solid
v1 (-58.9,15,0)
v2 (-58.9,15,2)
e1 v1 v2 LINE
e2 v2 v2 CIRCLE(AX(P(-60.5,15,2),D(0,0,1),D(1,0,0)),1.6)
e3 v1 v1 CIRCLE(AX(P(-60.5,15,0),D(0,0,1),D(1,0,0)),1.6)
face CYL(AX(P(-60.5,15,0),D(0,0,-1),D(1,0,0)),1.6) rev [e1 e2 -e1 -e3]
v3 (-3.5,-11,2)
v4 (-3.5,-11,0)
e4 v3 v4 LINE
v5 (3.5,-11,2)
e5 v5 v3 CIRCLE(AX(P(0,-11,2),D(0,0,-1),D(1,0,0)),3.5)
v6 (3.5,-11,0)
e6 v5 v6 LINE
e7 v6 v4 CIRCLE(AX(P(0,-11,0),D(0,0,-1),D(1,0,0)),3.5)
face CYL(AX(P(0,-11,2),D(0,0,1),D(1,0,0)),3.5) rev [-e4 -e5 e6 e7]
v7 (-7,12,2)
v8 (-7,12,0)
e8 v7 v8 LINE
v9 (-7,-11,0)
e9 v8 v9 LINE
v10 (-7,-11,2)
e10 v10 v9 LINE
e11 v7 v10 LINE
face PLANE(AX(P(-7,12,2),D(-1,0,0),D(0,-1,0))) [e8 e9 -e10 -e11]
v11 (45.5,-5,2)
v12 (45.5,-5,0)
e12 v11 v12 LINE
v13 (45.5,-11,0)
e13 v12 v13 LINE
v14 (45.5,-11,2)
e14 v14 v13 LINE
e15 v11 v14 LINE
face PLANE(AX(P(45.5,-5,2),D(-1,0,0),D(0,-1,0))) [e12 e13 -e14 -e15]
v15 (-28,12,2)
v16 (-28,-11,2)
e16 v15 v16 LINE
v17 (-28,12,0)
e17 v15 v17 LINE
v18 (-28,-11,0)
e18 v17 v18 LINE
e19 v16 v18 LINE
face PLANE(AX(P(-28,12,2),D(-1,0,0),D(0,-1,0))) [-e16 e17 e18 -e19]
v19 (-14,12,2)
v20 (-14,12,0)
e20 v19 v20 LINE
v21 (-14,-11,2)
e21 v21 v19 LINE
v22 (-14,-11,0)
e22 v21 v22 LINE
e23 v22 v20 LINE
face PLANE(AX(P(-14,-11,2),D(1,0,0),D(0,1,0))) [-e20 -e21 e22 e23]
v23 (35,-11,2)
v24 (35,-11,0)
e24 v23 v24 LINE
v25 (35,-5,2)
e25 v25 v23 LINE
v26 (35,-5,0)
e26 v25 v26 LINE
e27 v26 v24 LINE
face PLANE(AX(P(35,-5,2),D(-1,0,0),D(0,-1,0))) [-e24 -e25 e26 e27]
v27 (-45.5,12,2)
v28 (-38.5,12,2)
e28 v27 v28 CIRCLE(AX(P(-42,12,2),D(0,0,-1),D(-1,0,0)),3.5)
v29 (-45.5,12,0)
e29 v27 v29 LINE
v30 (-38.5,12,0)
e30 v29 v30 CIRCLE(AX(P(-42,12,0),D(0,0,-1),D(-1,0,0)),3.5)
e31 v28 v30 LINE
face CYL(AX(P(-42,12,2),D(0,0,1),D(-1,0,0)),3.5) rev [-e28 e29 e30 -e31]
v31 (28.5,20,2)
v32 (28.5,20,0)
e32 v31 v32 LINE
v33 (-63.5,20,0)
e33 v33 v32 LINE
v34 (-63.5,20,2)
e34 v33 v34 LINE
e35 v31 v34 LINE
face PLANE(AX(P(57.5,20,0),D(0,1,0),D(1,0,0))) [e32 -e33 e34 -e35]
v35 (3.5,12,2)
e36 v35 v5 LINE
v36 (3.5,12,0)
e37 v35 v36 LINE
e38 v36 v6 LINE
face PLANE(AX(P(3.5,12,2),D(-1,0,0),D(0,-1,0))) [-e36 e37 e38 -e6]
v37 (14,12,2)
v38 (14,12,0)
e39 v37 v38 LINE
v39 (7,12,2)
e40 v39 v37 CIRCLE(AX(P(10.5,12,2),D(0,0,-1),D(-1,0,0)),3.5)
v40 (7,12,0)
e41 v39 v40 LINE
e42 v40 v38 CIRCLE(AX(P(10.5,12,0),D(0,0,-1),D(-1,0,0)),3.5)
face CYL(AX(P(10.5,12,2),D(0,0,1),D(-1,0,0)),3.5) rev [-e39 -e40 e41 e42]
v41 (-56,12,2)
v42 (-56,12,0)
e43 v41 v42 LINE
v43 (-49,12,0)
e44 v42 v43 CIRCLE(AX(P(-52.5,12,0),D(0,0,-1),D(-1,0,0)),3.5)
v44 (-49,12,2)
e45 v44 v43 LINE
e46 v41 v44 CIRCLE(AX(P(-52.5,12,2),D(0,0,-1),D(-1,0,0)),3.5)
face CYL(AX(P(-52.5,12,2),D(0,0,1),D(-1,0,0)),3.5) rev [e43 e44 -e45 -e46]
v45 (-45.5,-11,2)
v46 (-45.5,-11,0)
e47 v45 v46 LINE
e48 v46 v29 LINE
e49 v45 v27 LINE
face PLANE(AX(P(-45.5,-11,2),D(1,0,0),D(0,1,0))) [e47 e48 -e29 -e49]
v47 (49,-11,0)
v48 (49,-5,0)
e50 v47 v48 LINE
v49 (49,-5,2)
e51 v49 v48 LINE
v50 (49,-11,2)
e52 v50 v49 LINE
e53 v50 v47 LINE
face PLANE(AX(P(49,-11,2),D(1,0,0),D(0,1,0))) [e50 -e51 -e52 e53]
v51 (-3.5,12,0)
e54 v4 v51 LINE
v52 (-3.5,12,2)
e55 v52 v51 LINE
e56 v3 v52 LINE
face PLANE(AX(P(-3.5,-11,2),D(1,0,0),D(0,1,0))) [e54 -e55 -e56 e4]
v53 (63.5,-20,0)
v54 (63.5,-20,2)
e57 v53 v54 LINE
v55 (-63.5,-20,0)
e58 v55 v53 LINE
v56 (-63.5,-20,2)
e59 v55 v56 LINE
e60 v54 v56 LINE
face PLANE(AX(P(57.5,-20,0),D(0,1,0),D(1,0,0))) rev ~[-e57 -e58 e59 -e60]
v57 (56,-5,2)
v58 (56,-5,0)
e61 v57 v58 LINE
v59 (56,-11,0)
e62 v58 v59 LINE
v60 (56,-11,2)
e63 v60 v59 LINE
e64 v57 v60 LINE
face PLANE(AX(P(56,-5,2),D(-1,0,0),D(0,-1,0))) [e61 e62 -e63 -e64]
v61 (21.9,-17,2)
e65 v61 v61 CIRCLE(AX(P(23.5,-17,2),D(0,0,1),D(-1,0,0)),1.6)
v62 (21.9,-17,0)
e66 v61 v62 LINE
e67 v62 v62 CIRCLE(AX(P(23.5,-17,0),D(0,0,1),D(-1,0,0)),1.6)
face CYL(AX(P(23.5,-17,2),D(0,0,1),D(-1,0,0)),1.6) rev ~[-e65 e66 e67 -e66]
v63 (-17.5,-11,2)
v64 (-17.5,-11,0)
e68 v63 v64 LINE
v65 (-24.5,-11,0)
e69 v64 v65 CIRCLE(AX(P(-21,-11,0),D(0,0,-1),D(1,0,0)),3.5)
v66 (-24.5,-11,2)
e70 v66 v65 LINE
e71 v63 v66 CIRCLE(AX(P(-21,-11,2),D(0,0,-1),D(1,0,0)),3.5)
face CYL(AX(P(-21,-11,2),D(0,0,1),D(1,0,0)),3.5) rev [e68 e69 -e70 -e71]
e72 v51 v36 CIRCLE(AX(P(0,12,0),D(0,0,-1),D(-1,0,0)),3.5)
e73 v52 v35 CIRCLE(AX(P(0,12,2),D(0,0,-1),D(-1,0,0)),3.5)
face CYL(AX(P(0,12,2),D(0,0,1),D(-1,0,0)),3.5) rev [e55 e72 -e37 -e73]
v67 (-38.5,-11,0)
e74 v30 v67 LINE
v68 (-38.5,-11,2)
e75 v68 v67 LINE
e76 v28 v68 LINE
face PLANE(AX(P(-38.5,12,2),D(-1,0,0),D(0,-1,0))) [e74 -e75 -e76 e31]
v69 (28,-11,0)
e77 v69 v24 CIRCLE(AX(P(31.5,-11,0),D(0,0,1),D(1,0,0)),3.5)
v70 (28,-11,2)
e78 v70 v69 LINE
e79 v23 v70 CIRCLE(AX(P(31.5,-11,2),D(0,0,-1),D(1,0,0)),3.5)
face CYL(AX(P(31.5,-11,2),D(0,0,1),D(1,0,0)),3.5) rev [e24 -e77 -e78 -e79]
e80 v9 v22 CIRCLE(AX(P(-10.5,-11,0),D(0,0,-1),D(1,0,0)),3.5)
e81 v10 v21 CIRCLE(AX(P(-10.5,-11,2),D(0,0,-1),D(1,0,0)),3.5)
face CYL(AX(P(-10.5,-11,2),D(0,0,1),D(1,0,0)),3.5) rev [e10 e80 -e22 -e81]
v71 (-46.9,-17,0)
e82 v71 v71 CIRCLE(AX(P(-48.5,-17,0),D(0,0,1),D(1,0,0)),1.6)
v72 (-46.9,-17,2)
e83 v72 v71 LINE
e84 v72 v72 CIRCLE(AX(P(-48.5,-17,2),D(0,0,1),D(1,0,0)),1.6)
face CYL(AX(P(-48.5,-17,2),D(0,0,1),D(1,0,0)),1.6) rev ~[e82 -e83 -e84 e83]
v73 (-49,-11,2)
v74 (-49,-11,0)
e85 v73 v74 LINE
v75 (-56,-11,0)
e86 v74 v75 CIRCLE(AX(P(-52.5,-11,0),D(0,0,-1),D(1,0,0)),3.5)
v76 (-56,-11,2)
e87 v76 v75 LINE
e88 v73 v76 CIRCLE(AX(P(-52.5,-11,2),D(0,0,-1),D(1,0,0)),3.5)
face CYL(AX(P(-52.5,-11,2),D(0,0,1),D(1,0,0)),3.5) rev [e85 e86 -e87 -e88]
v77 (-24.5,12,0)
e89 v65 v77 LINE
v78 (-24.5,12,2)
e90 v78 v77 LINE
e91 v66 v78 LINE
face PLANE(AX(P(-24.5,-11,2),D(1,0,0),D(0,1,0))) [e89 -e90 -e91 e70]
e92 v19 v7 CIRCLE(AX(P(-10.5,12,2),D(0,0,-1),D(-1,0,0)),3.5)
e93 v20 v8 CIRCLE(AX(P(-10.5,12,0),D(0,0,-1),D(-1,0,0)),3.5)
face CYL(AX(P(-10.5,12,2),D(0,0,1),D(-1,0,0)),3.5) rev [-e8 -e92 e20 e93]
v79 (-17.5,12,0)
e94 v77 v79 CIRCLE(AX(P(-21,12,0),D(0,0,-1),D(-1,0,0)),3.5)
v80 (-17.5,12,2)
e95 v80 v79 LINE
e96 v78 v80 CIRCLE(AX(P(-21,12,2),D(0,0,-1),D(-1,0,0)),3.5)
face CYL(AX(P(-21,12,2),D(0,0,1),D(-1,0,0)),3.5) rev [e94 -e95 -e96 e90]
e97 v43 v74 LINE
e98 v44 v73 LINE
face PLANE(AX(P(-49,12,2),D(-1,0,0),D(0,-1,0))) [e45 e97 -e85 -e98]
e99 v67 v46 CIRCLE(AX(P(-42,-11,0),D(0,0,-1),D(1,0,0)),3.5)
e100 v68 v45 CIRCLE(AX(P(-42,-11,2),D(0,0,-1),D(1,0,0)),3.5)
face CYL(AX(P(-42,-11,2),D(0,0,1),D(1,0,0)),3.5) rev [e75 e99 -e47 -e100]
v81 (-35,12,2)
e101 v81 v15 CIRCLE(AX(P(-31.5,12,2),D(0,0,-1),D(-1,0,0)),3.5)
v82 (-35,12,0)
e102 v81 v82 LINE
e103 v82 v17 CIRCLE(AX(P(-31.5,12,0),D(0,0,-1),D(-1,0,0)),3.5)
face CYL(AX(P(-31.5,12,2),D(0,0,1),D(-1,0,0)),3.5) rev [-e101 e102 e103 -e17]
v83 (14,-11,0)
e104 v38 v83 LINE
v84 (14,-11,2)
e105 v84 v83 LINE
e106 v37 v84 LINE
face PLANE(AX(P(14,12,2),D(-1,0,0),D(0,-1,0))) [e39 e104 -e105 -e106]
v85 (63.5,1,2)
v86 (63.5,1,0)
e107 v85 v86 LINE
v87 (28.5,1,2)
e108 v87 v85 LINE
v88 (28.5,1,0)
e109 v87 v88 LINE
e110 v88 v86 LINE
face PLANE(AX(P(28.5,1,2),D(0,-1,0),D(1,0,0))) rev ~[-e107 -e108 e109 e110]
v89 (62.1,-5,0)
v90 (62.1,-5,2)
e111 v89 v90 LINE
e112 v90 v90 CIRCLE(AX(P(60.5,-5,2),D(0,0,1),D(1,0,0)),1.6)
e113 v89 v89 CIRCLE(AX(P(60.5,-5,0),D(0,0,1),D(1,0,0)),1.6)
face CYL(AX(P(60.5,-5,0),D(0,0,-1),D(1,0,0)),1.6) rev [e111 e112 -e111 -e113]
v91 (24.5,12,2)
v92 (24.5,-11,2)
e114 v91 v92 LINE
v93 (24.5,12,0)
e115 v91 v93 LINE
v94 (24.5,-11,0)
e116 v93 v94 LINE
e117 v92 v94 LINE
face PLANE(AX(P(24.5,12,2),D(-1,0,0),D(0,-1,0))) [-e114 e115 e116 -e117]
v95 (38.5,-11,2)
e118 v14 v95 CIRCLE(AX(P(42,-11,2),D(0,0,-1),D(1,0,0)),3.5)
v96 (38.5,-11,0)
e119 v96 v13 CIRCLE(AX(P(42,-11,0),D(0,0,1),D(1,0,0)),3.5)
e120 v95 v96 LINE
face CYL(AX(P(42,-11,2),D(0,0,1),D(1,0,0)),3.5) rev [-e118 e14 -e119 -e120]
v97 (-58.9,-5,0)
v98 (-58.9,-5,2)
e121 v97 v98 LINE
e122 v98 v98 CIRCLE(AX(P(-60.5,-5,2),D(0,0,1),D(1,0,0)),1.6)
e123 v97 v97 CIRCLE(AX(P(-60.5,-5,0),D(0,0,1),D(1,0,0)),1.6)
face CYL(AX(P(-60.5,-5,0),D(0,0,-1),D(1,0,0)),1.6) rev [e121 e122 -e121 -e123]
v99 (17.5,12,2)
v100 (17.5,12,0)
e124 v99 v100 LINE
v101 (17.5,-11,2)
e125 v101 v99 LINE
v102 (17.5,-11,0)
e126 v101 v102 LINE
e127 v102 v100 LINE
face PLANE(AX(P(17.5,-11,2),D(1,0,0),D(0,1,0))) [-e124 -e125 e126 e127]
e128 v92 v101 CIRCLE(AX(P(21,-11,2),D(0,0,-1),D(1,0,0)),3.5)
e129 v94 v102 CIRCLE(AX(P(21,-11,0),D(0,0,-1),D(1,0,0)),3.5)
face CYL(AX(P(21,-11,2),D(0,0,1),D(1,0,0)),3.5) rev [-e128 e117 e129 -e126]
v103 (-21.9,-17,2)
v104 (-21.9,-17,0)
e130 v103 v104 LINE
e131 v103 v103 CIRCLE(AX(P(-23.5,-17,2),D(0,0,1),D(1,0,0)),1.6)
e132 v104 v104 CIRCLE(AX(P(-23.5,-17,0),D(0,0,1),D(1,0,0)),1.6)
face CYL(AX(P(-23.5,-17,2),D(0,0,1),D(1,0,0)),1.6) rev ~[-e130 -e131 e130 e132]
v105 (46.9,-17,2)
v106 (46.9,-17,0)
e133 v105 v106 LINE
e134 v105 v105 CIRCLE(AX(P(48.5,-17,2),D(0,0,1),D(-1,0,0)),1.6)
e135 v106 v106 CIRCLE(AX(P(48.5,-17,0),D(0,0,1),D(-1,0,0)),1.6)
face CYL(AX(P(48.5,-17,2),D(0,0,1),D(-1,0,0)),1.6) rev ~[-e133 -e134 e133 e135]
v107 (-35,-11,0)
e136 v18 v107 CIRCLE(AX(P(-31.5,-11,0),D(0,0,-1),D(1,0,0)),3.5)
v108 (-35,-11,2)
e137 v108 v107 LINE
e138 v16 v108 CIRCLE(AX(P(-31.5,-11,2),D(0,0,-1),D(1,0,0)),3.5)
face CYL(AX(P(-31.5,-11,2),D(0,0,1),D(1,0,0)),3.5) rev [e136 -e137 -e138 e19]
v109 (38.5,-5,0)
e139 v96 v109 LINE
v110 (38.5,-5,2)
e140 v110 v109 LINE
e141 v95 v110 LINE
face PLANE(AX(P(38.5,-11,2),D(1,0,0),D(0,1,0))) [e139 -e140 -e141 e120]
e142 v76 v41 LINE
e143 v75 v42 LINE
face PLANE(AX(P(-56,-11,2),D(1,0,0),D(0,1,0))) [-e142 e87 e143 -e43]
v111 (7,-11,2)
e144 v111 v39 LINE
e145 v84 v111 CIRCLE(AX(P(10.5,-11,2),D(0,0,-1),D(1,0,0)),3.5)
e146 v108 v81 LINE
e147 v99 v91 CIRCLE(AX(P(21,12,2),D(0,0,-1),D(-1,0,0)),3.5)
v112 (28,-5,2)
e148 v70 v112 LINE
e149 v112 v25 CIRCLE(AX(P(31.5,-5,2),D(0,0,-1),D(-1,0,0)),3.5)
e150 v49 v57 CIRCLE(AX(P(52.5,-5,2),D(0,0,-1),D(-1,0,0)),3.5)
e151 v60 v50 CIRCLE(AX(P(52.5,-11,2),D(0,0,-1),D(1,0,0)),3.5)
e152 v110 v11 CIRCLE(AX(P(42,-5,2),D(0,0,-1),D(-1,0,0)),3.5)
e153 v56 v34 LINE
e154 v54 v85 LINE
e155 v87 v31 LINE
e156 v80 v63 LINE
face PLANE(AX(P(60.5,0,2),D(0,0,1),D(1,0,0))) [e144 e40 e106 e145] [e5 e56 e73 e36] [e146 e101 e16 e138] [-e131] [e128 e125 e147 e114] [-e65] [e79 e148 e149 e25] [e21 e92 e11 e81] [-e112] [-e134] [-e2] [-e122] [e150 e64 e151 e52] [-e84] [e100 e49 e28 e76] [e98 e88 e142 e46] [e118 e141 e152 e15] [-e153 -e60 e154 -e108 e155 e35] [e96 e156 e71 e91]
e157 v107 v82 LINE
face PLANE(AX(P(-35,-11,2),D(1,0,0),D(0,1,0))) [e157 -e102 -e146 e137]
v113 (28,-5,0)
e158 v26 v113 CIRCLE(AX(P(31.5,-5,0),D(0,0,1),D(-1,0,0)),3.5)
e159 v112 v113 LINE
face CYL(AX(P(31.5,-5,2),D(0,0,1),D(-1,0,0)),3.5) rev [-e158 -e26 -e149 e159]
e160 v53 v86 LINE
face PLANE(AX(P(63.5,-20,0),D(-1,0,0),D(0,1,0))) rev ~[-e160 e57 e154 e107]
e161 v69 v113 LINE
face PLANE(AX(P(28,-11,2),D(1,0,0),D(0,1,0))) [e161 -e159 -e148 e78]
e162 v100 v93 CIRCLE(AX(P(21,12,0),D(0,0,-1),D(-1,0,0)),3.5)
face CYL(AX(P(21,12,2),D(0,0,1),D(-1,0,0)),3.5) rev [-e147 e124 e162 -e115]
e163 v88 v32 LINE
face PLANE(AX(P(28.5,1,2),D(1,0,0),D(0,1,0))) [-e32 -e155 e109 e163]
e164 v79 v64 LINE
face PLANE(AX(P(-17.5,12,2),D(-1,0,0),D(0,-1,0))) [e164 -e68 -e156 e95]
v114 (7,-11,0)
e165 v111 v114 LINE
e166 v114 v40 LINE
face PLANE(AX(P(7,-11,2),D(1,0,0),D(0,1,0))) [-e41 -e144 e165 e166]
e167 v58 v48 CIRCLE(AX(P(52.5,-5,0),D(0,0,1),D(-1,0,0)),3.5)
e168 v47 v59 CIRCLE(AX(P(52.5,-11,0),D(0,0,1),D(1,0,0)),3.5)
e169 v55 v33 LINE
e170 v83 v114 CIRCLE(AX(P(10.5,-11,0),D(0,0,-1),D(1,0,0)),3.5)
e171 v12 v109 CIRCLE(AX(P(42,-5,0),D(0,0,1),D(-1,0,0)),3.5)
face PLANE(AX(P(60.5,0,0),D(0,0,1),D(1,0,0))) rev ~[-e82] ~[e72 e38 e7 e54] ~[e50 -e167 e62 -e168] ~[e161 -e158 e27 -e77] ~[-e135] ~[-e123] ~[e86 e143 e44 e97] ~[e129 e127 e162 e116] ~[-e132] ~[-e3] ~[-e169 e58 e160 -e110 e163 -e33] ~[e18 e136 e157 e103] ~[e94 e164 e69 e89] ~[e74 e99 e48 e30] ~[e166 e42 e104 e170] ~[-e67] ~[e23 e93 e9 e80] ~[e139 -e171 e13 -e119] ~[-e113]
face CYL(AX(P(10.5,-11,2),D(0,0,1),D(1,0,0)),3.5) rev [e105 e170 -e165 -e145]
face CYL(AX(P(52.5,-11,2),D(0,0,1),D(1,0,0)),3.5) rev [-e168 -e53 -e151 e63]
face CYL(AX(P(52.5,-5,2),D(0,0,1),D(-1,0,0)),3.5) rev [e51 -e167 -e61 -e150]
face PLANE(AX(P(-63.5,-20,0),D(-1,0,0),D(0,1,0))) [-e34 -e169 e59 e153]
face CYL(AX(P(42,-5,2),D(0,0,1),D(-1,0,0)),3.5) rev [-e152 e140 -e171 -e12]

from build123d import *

# Parameters (mm, degrees)
SKETCH_1_W          = 6
SKETCH_1_H          = 40
SKETCH_1_R          = 1.6
SKETCH_1_W_2        = 115
EXTRUDE_1_DEPTH     = 2
CUT_EXTRUDE_1_DEPTH = 2
SKETCH_3_R          = 1.6
CUT_EXTRUDE_2_DEPTH = 67.605179979
CUT_EXTRUDE_3_DEPTH = 67.605179979
CUT_EXTRUDE_4_DEPTH = 67.605179979
SKETCH_6_W          = 35
SKETCH_6_H          = 19
CUT_EXTRUDE_5_DEPTH = 67.605179979


with BuildPart() as part:
    # 草图1 → 凸台-拉伸1 (new body)
    # profile 1 of 3: a face of its own
    with BuildSketch(Plane.XY):
        with Locations((-60.5, 0)):
            Rectangle(SKETCH_1_W, SKETCH_1_H)
        with Locations((-60.5, -5)):
            Circle(SKETCH_1_R, mode=Mode.SUBTRACT)
        with Locations((-60.5, 15)):
            Circle(SKETCH_1_R, mode=Mode.SUBTRACT)
    # profile 2 of 3: a face of its own
    with BuildSketch(Plane.XY):
        Rectangle(SKETCH_1_W_2, SKETCH_1_H)
    # profile 3 of 3: a face of its own
    with BuildSketch(Plane.XY):
        with Locations((60.5, 0)):
            Rectangle(SKETCH_1_W, SKETCH_1_H)
        with Locations((60.5, -5)):
            Circle(SKETCH_1_R, mode=Mode.SUBTRACT)
        with Locations((60.5, 15)):
            Circle(SKETCH_1_R, mode=Mode.SUBTRACT)
    extrude(amount=EXTRUDE_1_DEPTH)

    # 草图2 → 切除-拉伸1 (cut)
    with BuildSketch(Plane.XY.offset(2)):
        with BuildLine():
            Line((3.5, 12), (3.5, -11))
            ThreePointArc((3.5, -11), (0, -14.5), (-3.5, -11))
            Line((-3.5, -11), (-3.5, 12))
            ThreePointArc((-3.5, 12), (0, 15.5), (3.5, 12))
        make_face()
        with BuildLine():
            Line((14, 12), (14, -11))
            ThreePointArc((14, -11), (10.5, -14.5), (7, -11))
            Line((7, -11), (7, 12))
            ThreePointArc((7, 12), (10.5, 15.5), (14, 12))
        make_face()
        with BuildLine():
            Line((24.5, 12), (24.5, -11))
            ThreePointArc((24.5, -11), (21, -14.5), (17.5, -11))
            Line((17.5, -11), (17.5, 12))
            ThreePointArc((17.5, 12), (21, 15.5), (24.5, 12))
        make_face()
        with BuildLine():
            Line((-7, 12), (-7, -11))
            ThreePointArc((-7, -11), (-10.5, -14.5), (-14, -11))
            Line((-14, -11), (-14, 12))
            ThreePointArc((-14, 12), (-10.5, 15.5), (-7, 12))
        make_face()
        with BuildLine():
            Line((-17.5, 12), (-17.5, -11))
            ThreePointArc((-17.5, -11), (-21, -14.5), (-24.5, -11))
            Line((-24.5, -11), (-24.5, 12))
            ThreePointArc((-24.5, 12), (-21, 15.5), (-17.5, 12))
        make_face()
        with BuildLine():
            Line((-28, 12), (-28, -11))
            ThreePointArc((-28, -11), (-31.5, -14.5), (-35, -11))
            Line((-35, -11), (-35, 12))
            ThreePointArc((-35, 12), (-31.5, 15.5), (-28, 12))
        make_face()
        with BuildLine():
            Line((-38.5, 12), (-38.5, -11))
            ThreePointArc((-38.5, -11), (-42, -14.5), (-45.5, -11))
            Line((-45.5, -11), (-45.5, 12))
            ThreePointArc((-45.5, 12), (-42, 15.5), (-38.5, 12))
        make_face()
        with BuildLine():
            Line((-49, 12), (-49, -11))
            ThreePointArc((-49, -11), (-52.5, -14.5), (-56, -11))
            Line((-56, -11), (-56, 12))
            ThreePointArc((-56, 12), (-52.5, 15.5), (-49, 12))
        make_face()
    extrude(amount=-CUT_EXTRUDE_1_DEPTH, mode=Mode.SUBTRACT)

    # 草图3 → 切除-拉伸2 (cut, through all)
    with BuildSketch(Plane.XY.offset(2)):
        with Locations((-48.5, -17)):
            Circle(SKETCH_3_R)
        with Locations((-23.5, -17)):
            Circle(SKETCH_3_R)
        with Locations(Location((23.5, -17, 0), (0, 0, 180))):
            Circle(SKETCH_3_R)
        with Locations(Location((48.5, -17, 0), (0, 0, 180))):
            Circle(SKETCH_3_R)
    extrude(amount=-CUT_EXTRUDE_2_DEPTH, mode=Mode.SUBTRACT)

    # 草图4 → 切除-拉伸3 (cut, through all)
    with BuildSketch(Plane.XY.offset(2)):
        with BuildLine():
            Line((63.5, 5.4), (33.5, 5.4))
            ThreePointArc((33.5, 5.4), (32.5, 4.4), (31.5, 5.4))
            Line((31.5, 5.4), (31.5, 11.4))
            ThreePointArc((31.5, 11.4), (32.5, 12.4), (33.5, 11.4))
            Line((33.5, 11.4), (63.5, 11.4))
            Line((63.5, 11.4), (63.5, 5.4))
        make_face()
    extrude(amount=-CUT_EXTRUDE_3_DEPTH, mode=Mode.SUBTRACT)

    # 草图5 → 切除-拉伸4 (cut, through all)
    with BuildSketch(Plane.XY.offset(2)):
        with BuildLine():
            Line((35, -5), (35, -11))
            ThreePointArc((35, -11), (31.5, -14.5), (28, -11))
            Line((28, -11), (28, -5))
            ThreePointArc((28, -5), (31.5, -1.5), (35, -5))
        make_face()
        with BuildLine():
            Line((45.5, -5), (45.5, -11))
            ThreePointArc((45.5, -11), (42, -14.5), (38.5, -11))
            Line((38.5, -11), (38.5, -5))
            ThreePointArc((38.5, -5), (42, -1.5), (45.5, -5))
        make_face()
        with BuildLine():
            Line((56, -5), (56, -11))
            ThreePointArc((56, -11), (52.5, -14.5), (49, -11))
            Line((49, -11), (49, -5))
            ThreePointArc((49, -5), (52.5, -1.5), (56, -5))
        make_face()
    extrude(amount=-CUT_EXTRUDE_4_DEPTH, mode=Mode.SUBTRACT)

    # 草图6 → 切除-拉伸5 (cut, through all)
    with BuildSketch(Plane.XY.offset(2)):
        with Locations((46, 10.5)):
            Rectangle(SKETCH_6_W, SKETCH_6_H)
    extrude(amount=-CUT_EXTRUDE_5_DEPTH, mode=Mode.SUBTRACT)


solid = part.part
